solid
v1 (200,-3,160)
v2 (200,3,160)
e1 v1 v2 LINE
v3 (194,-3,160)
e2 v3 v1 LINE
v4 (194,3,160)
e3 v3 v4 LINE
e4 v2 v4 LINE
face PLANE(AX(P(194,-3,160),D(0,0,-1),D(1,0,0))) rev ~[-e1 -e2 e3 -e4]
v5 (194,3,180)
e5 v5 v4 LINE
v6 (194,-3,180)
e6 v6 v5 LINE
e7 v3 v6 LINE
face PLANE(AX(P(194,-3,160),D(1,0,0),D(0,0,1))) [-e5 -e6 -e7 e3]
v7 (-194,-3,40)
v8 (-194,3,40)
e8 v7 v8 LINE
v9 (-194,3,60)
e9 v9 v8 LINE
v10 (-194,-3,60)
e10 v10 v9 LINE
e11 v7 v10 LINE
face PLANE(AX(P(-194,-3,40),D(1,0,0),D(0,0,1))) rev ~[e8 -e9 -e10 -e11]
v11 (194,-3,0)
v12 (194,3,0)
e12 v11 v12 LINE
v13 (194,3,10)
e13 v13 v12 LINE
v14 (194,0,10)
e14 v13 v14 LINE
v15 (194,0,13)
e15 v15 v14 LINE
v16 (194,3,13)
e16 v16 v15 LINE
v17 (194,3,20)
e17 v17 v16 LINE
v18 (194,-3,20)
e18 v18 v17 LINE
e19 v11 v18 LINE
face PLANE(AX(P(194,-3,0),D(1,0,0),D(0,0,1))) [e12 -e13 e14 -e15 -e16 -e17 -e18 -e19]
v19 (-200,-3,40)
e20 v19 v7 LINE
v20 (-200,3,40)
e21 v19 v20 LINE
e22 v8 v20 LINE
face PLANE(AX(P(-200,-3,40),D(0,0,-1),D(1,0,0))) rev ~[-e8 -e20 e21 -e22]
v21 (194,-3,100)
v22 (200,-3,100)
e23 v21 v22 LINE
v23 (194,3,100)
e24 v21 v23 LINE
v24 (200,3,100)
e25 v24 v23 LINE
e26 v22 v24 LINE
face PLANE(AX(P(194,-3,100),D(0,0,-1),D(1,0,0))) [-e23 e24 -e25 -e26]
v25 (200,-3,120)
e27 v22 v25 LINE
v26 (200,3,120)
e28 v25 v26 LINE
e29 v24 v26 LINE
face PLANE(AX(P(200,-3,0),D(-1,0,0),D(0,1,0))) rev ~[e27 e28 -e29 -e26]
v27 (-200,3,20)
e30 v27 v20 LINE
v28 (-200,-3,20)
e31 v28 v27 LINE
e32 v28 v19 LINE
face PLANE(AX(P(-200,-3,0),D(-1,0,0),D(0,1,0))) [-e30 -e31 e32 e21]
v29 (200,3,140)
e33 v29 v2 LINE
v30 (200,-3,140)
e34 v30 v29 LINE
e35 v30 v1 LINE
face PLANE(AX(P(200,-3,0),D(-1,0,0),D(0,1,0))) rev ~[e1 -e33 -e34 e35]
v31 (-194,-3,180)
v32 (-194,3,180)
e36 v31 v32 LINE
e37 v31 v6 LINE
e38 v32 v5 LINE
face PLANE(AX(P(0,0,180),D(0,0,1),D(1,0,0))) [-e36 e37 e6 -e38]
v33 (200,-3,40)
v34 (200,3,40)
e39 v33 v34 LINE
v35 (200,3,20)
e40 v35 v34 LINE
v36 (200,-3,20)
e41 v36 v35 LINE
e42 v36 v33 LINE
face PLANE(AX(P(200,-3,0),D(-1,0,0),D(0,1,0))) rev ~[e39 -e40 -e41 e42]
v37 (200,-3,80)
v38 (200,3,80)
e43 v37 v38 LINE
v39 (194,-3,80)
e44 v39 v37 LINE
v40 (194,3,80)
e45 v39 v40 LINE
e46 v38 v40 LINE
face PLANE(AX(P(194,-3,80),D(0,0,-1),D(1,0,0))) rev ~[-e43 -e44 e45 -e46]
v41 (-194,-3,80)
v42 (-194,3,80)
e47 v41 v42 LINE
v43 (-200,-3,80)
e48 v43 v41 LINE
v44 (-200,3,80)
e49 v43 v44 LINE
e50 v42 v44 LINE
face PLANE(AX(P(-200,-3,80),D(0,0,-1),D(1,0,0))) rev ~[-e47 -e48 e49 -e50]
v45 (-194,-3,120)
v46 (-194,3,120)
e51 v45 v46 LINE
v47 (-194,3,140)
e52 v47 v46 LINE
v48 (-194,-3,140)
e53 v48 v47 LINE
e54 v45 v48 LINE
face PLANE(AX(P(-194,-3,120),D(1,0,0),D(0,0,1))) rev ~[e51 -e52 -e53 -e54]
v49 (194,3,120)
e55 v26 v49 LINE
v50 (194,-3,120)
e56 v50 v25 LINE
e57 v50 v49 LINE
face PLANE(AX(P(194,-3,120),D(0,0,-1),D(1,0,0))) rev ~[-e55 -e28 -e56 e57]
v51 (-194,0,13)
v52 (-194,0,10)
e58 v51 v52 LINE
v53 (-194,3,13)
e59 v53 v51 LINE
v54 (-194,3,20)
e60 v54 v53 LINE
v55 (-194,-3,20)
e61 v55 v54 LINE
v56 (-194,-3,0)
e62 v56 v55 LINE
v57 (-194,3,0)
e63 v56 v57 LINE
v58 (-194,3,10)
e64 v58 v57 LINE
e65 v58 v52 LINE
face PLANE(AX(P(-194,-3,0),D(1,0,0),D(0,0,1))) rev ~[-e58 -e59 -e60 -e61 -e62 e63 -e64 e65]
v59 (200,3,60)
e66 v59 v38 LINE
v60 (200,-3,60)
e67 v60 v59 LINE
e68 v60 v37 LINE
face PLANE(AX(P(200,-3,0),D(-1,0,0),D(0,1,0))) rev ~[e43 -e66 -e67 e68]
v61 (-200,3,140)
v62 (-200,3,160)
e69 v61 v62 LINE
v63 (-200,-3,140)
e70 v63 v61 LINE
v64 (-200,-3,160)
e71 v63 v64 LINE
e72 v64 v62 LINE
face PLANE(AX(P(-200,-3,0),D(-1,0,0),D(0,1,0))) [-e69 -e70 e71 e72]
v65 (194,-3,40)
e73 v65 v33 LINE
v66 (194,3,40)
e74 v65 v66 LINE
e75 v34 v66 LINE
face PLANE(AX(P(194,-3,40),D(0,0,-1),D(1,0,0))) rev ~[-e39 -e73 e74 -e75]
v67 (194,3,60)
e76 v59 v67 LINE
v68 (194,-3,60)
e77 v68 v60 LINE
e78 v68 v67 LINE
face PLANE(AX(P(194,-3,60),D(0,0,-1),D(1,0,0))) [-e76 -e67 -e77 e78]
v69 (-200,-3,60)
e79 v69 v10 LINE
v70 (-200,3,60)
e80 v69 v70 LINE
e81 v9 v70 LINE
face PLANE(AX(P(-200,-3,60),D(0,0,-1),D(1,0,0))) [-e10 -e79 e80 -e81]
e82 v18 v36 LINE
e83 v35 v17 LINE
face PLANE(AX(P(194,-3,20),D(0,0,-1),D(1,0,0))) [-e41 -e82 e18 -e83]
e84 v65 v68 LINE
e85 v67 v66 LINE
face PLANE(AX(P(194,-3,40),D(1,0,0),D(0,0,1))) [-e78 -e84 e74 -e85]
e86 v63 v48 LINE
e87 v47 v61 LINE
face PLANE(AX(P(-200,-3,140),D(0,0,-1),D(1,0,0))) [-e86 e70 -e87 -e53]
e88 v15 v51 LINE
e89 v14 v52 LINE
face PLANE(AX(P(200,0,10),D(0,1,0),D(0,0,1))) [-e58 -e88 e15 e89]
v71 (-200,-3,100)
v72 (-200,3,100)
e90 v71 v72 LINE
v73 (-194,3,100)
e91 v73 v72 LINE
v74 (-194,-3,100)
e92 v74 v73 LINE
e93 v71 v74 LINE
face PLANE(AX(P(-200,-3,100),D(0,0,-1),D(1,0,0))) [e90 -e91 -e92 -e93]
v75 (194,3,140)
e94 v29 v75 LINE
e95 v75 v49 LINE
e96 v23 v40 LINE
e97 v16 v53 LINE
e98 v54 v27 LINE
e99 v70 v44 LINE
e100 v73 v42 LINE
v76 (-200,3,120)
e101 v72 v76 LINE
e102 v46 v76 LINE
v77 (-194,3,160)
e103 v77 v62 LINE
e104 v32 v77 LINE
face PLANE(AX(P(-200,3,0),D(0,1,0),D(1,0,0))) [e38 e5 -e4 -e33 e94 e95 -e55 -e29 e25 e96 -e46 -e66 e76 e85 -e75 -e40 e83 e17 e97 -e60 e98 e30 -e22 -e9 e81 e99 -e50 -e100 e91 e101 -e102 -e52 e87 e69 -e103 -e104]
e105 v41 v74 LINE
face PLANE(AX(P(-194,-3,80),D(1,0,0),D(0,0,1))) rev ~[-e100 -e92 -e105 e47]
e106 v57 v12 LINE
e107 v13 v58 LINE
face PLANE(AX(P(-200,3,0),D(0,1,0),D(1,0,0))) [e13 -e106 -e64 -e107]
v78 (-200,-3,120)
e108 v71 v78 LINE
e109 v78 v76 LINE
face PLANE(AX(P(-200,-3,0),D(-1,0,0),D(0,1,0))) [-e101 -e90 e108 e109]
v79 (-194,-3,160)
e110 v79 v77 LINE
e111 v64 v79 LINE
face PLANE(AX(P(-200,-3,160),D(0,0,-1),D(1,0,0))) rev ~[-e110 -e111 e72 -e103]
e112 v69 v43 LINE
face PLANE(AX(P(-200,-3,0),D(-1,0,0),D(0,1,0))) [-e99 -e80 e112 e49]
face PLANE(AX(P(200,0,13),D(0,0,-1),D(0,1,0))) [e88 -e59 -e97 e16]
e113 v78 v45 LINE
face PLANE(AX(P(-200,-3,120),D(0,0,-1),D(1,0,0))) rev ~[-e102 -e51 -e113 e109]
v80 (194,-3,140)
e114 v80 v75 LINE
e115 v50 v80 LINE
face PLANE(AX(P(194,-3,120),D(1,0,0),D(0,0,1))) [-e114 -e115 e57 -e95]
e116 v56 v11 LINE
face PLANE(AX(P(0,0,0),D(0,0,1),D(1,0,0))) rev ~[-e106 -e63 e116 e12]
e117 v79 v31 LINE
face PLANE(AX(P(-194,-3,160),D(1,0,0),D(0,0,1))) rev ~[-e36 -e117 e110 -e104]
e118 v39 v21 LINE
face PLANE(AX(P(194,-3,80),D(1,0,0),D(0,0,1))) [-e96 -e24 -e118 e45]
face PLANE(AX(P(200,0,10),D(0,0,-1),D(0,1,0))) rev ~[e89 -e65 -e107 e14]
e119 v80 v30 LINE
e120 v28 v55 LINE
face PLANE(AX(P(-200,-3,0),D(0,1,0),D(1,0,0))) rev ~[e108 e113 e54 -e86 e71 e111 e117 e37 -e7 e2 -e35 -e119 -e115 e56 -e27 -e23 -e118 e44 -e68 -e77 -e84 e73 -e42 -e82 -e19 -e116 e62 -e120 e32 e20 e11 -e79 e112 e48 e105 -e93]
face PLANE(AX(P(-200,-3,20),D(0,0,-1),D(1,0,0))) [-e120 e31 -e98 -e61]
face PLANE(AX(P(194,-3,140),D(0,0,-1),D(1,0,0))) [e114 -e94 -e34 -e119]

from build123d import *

# Parameters (mm, degrees)
F0_W     = 400
F0_H     = 6
F1_DEPTH = 180
F2_W     = 3
F2_H     = 3
F3_DEPTH = 400.001
F4_W     = 6
F4_H     = 20
F5_DEPTH = 6.001


with BuildPart() as f1:
    # F0 (on Top) → F1 (new body)
    with BuildSketch(Plane.XY):
        Rectangle(F0_W, F0_H)
    extrude(amount=F1_DEPTH)

    # F2 (on face) → F3 (cut, through all)
    with BuildSketch(Plane.YZ.offset(200)):
        with Locations((1.5, 11.5)):
            Rectangle(F2_W, F2_H)
    extrude(amount=-F3_DEPTH, mode=Mode.SUBTRACT)

    # F4 (on face) → F5 (cut, through all)
    with BuildSketch(Plane.XZ.offset(3)):
        with Locations((-197, 170)):
            Rectangle(F4_W, F4_H)
        with Locations((-197, 130)):
            Rectangle(F4_W, F4_H)
        with Locations((-197, 90)):
            Rectangle(F4_W, F4_H)
        with Locations((-197, 50)):
            Rectangle(F4_W, F4_H)
        with Locations((-197, 10)):
            Rectangle(F4_W, F4_H)
        with Locations((197, 10)):
            Rectangle(F4_W, F4_H)
        with Locations((197, 50)):
            Rectangle(F4_W, F4_H)
        with Locations((197, 90)):
            Rectangle(F4_W, F4_H)
        with Locations((197, 130)):
            Rectangle(F4_W, F4_H)
        with Locations((197, 170)):
            Rectangle(F4_W, F4_H)
    extrude(amount=-F5_DEPTH, mode=Mode.SUBTRACT)


solid = f1.part
